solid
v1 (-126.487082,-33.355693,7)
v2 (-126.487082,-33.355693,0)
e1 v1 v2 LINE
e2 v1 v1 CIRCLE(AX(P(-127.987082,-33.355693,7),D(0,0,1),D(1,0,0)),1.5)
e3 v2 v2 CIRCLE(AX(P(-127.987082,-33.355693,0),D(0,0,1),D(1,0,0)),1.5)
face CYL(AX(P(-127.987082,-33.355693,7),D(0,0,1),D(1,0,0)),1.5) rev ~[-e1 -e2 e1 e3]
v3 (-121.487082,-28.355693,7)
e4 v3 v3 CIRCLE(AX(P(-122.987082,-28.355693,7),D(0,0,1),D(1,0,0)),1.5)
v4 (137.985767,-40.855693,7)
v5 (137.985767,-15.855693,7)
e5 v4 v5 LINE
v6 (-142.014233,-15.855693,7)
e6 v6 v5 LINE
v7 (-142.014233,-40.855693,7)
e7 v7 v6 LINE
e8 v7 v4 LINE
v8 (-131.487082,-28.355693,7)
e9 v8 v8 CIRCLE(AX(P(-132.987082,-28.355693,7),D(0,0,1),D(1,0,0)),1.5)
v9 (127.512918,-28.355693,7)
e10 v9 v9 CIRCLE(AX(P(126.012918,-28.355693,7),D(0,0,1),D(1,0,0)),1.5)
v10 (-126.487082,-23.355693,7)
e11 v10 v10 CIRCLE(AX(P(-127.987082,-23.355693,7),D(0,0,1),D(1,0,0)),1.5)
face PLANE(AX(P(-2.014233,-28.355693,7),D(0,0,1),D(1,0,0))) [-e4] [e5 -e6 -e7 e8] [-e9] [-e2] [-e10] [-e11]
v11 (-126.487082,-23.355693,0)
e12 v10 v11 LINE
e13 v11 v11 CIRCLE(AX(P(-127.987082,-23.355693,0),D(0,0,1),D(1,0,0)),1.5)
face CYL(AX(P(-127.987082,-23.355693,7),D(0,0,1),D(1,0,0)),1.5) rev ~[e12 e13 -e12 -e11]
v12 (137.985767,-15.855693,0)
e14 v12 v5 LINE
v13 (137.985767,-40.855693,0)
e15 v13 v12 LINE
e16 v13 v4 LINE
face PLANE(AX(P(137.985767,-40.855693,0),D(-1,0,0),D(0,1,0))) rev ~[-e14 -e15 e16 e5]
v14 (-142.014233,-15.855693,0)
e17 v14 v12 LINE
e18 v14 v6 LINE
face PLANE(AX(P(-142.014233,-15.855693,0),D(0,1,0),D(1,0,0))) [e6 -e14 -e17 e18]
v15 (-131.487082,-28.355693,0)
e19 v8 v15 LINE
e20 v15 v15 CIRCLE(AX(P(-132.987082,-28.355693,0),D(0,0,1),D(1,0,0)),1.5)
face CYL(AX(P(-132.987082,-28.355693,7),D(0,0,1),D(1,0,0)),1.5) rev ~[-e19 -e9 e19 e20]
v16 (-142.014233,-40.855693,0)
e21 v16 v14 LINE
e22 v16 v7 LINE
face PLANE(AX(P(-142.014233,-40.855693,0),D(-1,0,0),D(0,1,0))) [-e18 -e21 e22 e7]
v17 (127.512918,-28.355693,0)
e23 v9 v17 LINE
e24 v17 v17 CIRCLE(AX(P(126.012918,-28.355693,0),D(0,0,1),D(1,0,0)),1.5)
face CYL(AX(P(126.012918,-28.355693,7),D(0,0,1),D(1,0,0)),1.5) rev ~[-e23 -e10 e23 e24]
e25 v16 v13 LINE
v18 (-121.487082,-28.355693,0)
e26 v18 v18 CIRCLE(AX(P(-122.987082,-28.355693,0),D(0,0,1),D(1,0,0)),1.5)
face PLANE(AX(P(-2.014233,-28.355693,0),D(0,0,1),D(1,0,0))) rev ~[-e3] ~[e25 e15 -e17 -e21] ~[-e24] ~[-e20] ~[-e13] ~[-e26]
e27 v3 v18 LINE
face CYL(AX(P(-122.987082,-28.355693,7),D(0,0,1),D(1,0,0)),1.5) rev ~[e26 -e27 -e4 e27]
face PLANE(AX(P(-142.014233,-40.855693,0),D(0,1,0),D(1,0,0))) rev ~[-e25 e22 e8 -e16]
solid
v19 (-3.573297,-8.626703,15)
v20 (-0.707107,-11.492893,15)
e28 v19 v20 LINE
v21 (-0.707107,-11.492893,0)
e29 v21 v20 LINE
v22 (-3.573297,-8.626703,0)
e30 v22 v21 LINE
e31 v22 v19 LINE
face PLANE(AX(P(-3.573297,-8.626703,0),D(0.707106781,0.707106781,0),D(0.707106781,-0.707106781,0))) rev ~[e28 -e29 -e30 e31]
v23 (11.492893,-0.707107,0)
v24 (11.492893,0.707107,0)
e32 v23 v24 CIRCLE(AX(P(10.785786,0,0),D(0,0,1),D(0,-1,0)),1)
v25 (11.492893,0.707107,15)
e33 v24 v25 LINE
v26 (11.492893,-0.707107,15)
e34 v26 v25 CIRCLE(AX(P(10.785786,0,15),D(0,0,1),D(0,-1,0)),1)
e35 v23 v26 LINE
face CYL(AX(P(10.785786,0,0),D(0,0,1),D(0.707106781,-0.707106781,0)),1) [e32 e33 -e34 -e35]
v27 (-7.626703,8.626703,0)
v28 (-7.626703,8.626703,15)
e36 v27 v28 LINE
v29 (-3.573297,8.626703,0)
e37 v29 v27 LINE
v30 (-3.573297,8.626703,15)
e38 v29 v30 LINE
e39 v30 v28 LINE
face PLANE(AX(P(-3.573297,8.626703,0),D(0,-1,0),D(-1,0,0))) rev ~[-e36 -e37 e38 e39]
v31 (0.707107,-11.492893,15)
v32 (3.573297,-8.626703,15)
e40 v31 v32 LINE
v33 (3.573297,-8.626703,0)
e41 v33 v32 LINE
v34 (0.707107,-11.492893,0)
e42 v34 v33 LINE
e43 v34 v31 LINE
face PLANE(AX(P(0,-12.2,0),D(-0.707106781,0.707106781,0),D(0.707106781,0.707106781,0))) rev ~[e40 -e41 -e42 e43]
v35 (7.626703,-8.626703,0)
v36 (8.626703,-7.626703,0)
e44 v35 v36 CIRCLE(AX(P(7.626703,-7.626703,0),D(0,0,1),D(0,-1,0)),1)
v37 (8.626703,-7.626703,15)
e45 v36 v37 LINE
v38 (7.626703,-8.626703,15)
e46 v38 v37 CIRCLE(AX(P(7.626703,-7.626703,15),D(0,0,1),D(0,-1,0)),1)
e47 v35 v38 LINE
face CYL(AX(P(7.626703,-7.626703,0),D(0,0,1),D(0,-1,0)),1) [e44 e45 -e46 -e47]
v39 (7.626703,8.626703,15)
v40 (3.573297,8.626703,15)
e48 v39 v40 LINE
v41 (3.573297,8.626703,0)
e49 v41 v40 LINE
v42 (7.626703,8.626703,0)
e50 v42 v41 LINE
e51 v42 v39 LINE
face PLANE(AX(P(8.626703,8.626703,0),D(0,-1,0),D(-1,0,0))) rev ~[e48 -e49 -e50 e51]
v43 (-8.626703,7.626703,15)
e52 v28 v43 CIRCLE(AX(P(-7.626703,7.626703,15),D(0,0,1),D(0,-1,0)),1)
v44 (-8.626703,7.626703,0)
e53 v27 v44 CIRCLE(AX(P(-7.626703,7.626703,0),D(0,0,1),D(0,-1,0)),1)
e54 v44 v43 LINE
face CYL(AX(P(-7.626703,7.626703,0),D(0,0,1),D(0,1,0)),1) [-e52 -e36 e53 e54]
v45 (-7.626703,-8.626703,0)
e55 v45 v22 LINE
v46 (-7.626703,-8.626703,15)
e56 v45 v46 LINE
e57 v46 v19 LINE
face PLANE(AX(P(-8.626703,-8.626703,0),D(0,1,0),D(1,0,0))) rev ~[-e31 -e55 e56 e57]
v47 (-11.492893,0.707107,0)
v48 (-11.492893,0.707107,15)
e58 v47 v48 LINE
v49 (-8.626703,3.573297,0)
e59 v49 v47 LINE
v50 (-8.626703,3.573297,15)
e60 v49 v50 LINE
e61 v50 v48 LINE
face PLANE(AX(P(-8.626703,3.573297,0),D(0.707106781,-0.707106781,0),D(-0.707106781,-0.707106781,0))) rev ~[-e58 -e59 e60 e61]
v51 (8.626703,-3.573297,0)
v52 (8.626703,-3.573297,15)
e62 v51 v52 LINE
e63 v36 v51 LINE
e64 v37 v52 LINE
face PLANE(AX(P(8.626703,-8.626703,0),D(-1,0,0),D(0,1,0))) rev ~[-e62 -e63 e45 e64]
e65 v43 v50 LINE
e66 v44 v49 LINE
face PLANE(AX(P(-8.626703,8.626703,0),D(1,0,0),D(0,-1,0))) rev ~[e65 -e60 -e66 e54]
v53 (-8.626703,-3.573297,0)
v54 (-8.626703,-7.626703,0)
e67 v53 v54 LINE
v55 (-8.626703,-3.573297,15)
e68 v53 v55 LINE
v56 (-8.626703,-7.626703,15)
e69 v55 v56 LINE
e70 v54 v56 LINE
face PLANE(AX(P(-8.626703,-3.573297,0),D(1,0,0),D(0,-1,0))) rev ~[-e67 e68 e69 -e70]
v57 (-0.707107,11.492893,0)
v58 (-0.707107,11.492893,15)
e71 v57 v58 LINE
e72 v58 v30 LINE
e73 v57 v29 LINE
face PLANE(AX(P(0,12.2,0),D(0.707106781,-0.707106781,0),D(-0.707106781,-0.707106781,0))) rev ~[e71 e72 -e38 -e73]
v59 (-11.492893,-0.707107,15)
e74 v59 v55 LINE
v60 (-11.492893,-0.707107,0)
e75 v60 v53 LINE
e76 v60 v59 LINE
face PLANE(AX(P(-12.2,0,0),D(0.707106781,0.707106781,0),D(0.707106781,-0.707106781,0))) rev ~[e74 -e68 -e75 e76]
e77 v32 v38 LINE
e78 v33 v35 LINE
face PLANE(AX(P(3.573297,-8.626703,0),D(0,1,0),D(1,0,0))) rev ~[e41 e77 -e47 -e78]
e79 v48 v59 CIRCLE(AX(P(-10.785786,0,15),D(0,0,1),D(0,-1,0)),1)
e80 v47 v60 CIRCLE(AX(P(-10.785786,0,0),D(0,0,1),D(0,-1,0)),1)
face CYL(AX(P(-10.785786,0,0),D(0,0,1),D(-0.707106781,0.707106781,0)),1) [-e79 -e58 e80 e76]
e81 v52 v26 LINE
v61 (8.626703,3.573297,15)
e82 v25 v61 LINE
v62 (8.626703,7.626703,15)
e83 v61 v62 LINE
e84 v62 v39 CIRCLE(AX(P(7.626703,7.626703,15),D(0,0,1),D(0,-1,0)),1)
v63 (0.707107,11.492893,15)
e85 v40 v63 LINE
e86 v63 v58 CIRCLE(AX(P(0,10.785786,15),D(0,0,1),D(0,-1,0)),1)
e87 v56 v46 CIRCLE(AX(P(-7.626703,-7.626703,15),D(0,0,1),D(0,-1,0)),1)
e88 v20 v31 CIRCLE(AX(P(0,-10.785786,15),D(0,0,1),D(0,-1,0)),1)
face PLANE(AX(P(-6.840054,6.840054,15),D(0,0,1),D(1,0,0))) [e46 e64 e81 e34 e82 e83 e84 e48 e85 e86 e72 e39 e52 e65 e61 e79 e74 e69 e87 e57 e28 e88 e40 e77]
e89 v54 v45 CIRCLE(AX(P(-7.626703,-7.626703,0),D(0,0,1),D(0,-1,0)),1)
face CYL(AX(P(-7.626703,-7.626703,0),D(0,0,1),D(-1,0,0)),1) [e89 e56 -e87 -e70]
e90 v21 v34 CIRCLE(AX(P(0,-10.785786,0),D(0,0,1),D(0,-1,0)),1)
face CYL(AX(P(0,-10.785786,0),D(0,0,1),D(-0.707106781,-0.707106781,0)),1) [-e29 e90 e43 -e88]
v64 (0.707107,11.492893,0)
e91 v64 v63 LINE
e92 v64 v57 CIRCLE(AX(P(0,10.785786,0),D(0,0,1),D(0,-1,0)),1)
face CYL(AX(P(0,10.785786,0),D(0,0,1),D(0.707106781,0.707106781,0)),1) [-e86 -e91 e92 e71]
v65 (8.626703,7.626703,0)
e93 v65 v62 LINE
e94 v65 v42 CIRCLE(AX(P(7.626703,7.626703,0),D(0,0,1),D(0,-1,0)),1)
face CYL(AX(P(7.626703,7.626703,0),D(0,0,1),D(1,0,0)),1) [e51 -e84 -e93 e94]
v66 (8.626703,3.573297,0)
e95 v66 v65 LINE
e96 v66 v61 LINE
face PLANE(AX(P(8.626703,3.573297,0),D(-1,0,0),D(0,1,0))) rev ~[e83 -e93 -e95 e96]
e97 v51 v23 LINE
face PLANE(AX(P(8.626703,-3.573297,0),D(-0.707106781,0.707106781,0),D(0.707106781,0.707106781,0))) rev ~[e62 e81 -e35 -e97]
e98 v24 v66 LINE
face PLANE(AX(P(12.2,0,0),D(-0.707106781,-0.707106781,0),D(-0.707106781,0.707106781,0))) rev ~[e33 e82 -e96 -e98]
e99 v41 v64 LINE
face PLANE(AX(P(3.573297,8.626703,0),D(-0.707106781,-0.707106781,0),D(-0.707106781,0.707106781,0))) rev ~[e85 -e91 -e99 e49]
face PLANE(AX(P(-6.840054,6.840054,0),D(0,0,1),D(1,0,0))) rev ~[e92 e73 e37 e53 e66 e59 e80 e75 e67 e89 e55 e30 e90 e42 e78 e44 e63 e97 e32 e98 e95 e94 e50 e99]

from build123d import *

# Parameters (mm, degrees)
F1_DEPTH = 15
F4_R     = 1
F5_W     = 280
F5_H     = 25
F6_DEPTH = 7
F8_R     = 1.5
F9_DEPTH = 7


with BuildPart() as f1:
    # F0 (on Top) → F1 (new body)
    with BuildSketch(Plane.XY):
        Polygon((-3.5732972695, 8.6267027305), (-8.6267027305, 8.6267027305), (-8.6267027305, 3.5732972695), align=None)
        Polygon((0, 12.2), (-3.5732972695, 8.6267027305), (3.5732972695, 8.6267027305), align=None)
        Polygon((3.5732972695, 8.6267027305), (-3.5732972695, 8.6267027305), (-8.6267027305, 3.5732972695), (-8.6267027305, -3.5732972695), (-3.5732972695, -8.6267027305), (3.5732972695, -8.6267027305), (8.6267027305, -3.5732972695), (8.6267027305, 3.5732972695), align=None)
        Polygon((-8.6267027305, -3.5732972695), (-8.6267027305, 3.5732972695), (-12.2, 0), align=None)
        Polygon((8.6267027305, 8.6267027305), (3.5732972695, 8.6267027305), (8.6267027305, 3.5732972695), align=None)
        Polygon((-3.5732972695, -8.6267027305), (-8.6267027305, -3.5732972695), (-8.6267027305, -8.6267027305), align=None)
        Polygon((12.2, 0), (8.6267027305, 3.5732972695), (8.6267027305, -3.5732972695), align=None)
        Polygon((3.5732972695, -8.6267027305), (-3.5732972695, -8.6267027305), (0, -12.2), align=None)
        Polygon((8.6267027305, -8.6267027305), (8.6267027305, -3.5732972695), (3.5732972695, -8.6267027305), align=None)
    extrude(amount=F1_DEPTH)

    # F4
    f4_edges = [f1.edges().sort_by_distance(p)[0] for p in [
        (8.626703, 8.626703, 7.5),
        (-8.626703, 8.626703, 7.5),
        (12.2, 0, 7.5),
        (8.626703, -8.626703, 7.5),
        (0, -12.2, 7.5),
        (-12.2, 0, 7.5),
        (-8.626703, -8.626703, 7.5),
        (0, 12.2, 7.5),
    ]]
    fillet(f4_edges, radius=F4_R)


with BuildPart() as f6:
    # F5 (on Top) → F6 (new body)
    with BuildSketch(Plane.XY):
        with Locations((-2.0142327994, -28.3556932964)):
            Rectangle(F5_W, F5_H)
    extrude(amount=F6_DEPTH)

    # F8 (on face) → F9 (cut, through all)
    with BuildSketch(Plane.XY.offset(7)):
        with Locations((-127.9870820045, -23.3556932964)):
            Circle(F8_R)
        with Locations((-132.9870820045, -28.3556932964)):
            Circle(F8_R)
        with Locations((-122.9870820045, -28.3556932964)):
            Circle(F8_R)
        with Locations((-127.9870820045, -33.3556932964)):
            Circle(F8_R)
        with Locations((126.0129179955, -28.3556932964)):
            Circle(F8_R)
    extrude(amount=-F9_DEPTH, mode=Mode.SUBTRACT)


solid = Compound([f1.part, f6.part])
